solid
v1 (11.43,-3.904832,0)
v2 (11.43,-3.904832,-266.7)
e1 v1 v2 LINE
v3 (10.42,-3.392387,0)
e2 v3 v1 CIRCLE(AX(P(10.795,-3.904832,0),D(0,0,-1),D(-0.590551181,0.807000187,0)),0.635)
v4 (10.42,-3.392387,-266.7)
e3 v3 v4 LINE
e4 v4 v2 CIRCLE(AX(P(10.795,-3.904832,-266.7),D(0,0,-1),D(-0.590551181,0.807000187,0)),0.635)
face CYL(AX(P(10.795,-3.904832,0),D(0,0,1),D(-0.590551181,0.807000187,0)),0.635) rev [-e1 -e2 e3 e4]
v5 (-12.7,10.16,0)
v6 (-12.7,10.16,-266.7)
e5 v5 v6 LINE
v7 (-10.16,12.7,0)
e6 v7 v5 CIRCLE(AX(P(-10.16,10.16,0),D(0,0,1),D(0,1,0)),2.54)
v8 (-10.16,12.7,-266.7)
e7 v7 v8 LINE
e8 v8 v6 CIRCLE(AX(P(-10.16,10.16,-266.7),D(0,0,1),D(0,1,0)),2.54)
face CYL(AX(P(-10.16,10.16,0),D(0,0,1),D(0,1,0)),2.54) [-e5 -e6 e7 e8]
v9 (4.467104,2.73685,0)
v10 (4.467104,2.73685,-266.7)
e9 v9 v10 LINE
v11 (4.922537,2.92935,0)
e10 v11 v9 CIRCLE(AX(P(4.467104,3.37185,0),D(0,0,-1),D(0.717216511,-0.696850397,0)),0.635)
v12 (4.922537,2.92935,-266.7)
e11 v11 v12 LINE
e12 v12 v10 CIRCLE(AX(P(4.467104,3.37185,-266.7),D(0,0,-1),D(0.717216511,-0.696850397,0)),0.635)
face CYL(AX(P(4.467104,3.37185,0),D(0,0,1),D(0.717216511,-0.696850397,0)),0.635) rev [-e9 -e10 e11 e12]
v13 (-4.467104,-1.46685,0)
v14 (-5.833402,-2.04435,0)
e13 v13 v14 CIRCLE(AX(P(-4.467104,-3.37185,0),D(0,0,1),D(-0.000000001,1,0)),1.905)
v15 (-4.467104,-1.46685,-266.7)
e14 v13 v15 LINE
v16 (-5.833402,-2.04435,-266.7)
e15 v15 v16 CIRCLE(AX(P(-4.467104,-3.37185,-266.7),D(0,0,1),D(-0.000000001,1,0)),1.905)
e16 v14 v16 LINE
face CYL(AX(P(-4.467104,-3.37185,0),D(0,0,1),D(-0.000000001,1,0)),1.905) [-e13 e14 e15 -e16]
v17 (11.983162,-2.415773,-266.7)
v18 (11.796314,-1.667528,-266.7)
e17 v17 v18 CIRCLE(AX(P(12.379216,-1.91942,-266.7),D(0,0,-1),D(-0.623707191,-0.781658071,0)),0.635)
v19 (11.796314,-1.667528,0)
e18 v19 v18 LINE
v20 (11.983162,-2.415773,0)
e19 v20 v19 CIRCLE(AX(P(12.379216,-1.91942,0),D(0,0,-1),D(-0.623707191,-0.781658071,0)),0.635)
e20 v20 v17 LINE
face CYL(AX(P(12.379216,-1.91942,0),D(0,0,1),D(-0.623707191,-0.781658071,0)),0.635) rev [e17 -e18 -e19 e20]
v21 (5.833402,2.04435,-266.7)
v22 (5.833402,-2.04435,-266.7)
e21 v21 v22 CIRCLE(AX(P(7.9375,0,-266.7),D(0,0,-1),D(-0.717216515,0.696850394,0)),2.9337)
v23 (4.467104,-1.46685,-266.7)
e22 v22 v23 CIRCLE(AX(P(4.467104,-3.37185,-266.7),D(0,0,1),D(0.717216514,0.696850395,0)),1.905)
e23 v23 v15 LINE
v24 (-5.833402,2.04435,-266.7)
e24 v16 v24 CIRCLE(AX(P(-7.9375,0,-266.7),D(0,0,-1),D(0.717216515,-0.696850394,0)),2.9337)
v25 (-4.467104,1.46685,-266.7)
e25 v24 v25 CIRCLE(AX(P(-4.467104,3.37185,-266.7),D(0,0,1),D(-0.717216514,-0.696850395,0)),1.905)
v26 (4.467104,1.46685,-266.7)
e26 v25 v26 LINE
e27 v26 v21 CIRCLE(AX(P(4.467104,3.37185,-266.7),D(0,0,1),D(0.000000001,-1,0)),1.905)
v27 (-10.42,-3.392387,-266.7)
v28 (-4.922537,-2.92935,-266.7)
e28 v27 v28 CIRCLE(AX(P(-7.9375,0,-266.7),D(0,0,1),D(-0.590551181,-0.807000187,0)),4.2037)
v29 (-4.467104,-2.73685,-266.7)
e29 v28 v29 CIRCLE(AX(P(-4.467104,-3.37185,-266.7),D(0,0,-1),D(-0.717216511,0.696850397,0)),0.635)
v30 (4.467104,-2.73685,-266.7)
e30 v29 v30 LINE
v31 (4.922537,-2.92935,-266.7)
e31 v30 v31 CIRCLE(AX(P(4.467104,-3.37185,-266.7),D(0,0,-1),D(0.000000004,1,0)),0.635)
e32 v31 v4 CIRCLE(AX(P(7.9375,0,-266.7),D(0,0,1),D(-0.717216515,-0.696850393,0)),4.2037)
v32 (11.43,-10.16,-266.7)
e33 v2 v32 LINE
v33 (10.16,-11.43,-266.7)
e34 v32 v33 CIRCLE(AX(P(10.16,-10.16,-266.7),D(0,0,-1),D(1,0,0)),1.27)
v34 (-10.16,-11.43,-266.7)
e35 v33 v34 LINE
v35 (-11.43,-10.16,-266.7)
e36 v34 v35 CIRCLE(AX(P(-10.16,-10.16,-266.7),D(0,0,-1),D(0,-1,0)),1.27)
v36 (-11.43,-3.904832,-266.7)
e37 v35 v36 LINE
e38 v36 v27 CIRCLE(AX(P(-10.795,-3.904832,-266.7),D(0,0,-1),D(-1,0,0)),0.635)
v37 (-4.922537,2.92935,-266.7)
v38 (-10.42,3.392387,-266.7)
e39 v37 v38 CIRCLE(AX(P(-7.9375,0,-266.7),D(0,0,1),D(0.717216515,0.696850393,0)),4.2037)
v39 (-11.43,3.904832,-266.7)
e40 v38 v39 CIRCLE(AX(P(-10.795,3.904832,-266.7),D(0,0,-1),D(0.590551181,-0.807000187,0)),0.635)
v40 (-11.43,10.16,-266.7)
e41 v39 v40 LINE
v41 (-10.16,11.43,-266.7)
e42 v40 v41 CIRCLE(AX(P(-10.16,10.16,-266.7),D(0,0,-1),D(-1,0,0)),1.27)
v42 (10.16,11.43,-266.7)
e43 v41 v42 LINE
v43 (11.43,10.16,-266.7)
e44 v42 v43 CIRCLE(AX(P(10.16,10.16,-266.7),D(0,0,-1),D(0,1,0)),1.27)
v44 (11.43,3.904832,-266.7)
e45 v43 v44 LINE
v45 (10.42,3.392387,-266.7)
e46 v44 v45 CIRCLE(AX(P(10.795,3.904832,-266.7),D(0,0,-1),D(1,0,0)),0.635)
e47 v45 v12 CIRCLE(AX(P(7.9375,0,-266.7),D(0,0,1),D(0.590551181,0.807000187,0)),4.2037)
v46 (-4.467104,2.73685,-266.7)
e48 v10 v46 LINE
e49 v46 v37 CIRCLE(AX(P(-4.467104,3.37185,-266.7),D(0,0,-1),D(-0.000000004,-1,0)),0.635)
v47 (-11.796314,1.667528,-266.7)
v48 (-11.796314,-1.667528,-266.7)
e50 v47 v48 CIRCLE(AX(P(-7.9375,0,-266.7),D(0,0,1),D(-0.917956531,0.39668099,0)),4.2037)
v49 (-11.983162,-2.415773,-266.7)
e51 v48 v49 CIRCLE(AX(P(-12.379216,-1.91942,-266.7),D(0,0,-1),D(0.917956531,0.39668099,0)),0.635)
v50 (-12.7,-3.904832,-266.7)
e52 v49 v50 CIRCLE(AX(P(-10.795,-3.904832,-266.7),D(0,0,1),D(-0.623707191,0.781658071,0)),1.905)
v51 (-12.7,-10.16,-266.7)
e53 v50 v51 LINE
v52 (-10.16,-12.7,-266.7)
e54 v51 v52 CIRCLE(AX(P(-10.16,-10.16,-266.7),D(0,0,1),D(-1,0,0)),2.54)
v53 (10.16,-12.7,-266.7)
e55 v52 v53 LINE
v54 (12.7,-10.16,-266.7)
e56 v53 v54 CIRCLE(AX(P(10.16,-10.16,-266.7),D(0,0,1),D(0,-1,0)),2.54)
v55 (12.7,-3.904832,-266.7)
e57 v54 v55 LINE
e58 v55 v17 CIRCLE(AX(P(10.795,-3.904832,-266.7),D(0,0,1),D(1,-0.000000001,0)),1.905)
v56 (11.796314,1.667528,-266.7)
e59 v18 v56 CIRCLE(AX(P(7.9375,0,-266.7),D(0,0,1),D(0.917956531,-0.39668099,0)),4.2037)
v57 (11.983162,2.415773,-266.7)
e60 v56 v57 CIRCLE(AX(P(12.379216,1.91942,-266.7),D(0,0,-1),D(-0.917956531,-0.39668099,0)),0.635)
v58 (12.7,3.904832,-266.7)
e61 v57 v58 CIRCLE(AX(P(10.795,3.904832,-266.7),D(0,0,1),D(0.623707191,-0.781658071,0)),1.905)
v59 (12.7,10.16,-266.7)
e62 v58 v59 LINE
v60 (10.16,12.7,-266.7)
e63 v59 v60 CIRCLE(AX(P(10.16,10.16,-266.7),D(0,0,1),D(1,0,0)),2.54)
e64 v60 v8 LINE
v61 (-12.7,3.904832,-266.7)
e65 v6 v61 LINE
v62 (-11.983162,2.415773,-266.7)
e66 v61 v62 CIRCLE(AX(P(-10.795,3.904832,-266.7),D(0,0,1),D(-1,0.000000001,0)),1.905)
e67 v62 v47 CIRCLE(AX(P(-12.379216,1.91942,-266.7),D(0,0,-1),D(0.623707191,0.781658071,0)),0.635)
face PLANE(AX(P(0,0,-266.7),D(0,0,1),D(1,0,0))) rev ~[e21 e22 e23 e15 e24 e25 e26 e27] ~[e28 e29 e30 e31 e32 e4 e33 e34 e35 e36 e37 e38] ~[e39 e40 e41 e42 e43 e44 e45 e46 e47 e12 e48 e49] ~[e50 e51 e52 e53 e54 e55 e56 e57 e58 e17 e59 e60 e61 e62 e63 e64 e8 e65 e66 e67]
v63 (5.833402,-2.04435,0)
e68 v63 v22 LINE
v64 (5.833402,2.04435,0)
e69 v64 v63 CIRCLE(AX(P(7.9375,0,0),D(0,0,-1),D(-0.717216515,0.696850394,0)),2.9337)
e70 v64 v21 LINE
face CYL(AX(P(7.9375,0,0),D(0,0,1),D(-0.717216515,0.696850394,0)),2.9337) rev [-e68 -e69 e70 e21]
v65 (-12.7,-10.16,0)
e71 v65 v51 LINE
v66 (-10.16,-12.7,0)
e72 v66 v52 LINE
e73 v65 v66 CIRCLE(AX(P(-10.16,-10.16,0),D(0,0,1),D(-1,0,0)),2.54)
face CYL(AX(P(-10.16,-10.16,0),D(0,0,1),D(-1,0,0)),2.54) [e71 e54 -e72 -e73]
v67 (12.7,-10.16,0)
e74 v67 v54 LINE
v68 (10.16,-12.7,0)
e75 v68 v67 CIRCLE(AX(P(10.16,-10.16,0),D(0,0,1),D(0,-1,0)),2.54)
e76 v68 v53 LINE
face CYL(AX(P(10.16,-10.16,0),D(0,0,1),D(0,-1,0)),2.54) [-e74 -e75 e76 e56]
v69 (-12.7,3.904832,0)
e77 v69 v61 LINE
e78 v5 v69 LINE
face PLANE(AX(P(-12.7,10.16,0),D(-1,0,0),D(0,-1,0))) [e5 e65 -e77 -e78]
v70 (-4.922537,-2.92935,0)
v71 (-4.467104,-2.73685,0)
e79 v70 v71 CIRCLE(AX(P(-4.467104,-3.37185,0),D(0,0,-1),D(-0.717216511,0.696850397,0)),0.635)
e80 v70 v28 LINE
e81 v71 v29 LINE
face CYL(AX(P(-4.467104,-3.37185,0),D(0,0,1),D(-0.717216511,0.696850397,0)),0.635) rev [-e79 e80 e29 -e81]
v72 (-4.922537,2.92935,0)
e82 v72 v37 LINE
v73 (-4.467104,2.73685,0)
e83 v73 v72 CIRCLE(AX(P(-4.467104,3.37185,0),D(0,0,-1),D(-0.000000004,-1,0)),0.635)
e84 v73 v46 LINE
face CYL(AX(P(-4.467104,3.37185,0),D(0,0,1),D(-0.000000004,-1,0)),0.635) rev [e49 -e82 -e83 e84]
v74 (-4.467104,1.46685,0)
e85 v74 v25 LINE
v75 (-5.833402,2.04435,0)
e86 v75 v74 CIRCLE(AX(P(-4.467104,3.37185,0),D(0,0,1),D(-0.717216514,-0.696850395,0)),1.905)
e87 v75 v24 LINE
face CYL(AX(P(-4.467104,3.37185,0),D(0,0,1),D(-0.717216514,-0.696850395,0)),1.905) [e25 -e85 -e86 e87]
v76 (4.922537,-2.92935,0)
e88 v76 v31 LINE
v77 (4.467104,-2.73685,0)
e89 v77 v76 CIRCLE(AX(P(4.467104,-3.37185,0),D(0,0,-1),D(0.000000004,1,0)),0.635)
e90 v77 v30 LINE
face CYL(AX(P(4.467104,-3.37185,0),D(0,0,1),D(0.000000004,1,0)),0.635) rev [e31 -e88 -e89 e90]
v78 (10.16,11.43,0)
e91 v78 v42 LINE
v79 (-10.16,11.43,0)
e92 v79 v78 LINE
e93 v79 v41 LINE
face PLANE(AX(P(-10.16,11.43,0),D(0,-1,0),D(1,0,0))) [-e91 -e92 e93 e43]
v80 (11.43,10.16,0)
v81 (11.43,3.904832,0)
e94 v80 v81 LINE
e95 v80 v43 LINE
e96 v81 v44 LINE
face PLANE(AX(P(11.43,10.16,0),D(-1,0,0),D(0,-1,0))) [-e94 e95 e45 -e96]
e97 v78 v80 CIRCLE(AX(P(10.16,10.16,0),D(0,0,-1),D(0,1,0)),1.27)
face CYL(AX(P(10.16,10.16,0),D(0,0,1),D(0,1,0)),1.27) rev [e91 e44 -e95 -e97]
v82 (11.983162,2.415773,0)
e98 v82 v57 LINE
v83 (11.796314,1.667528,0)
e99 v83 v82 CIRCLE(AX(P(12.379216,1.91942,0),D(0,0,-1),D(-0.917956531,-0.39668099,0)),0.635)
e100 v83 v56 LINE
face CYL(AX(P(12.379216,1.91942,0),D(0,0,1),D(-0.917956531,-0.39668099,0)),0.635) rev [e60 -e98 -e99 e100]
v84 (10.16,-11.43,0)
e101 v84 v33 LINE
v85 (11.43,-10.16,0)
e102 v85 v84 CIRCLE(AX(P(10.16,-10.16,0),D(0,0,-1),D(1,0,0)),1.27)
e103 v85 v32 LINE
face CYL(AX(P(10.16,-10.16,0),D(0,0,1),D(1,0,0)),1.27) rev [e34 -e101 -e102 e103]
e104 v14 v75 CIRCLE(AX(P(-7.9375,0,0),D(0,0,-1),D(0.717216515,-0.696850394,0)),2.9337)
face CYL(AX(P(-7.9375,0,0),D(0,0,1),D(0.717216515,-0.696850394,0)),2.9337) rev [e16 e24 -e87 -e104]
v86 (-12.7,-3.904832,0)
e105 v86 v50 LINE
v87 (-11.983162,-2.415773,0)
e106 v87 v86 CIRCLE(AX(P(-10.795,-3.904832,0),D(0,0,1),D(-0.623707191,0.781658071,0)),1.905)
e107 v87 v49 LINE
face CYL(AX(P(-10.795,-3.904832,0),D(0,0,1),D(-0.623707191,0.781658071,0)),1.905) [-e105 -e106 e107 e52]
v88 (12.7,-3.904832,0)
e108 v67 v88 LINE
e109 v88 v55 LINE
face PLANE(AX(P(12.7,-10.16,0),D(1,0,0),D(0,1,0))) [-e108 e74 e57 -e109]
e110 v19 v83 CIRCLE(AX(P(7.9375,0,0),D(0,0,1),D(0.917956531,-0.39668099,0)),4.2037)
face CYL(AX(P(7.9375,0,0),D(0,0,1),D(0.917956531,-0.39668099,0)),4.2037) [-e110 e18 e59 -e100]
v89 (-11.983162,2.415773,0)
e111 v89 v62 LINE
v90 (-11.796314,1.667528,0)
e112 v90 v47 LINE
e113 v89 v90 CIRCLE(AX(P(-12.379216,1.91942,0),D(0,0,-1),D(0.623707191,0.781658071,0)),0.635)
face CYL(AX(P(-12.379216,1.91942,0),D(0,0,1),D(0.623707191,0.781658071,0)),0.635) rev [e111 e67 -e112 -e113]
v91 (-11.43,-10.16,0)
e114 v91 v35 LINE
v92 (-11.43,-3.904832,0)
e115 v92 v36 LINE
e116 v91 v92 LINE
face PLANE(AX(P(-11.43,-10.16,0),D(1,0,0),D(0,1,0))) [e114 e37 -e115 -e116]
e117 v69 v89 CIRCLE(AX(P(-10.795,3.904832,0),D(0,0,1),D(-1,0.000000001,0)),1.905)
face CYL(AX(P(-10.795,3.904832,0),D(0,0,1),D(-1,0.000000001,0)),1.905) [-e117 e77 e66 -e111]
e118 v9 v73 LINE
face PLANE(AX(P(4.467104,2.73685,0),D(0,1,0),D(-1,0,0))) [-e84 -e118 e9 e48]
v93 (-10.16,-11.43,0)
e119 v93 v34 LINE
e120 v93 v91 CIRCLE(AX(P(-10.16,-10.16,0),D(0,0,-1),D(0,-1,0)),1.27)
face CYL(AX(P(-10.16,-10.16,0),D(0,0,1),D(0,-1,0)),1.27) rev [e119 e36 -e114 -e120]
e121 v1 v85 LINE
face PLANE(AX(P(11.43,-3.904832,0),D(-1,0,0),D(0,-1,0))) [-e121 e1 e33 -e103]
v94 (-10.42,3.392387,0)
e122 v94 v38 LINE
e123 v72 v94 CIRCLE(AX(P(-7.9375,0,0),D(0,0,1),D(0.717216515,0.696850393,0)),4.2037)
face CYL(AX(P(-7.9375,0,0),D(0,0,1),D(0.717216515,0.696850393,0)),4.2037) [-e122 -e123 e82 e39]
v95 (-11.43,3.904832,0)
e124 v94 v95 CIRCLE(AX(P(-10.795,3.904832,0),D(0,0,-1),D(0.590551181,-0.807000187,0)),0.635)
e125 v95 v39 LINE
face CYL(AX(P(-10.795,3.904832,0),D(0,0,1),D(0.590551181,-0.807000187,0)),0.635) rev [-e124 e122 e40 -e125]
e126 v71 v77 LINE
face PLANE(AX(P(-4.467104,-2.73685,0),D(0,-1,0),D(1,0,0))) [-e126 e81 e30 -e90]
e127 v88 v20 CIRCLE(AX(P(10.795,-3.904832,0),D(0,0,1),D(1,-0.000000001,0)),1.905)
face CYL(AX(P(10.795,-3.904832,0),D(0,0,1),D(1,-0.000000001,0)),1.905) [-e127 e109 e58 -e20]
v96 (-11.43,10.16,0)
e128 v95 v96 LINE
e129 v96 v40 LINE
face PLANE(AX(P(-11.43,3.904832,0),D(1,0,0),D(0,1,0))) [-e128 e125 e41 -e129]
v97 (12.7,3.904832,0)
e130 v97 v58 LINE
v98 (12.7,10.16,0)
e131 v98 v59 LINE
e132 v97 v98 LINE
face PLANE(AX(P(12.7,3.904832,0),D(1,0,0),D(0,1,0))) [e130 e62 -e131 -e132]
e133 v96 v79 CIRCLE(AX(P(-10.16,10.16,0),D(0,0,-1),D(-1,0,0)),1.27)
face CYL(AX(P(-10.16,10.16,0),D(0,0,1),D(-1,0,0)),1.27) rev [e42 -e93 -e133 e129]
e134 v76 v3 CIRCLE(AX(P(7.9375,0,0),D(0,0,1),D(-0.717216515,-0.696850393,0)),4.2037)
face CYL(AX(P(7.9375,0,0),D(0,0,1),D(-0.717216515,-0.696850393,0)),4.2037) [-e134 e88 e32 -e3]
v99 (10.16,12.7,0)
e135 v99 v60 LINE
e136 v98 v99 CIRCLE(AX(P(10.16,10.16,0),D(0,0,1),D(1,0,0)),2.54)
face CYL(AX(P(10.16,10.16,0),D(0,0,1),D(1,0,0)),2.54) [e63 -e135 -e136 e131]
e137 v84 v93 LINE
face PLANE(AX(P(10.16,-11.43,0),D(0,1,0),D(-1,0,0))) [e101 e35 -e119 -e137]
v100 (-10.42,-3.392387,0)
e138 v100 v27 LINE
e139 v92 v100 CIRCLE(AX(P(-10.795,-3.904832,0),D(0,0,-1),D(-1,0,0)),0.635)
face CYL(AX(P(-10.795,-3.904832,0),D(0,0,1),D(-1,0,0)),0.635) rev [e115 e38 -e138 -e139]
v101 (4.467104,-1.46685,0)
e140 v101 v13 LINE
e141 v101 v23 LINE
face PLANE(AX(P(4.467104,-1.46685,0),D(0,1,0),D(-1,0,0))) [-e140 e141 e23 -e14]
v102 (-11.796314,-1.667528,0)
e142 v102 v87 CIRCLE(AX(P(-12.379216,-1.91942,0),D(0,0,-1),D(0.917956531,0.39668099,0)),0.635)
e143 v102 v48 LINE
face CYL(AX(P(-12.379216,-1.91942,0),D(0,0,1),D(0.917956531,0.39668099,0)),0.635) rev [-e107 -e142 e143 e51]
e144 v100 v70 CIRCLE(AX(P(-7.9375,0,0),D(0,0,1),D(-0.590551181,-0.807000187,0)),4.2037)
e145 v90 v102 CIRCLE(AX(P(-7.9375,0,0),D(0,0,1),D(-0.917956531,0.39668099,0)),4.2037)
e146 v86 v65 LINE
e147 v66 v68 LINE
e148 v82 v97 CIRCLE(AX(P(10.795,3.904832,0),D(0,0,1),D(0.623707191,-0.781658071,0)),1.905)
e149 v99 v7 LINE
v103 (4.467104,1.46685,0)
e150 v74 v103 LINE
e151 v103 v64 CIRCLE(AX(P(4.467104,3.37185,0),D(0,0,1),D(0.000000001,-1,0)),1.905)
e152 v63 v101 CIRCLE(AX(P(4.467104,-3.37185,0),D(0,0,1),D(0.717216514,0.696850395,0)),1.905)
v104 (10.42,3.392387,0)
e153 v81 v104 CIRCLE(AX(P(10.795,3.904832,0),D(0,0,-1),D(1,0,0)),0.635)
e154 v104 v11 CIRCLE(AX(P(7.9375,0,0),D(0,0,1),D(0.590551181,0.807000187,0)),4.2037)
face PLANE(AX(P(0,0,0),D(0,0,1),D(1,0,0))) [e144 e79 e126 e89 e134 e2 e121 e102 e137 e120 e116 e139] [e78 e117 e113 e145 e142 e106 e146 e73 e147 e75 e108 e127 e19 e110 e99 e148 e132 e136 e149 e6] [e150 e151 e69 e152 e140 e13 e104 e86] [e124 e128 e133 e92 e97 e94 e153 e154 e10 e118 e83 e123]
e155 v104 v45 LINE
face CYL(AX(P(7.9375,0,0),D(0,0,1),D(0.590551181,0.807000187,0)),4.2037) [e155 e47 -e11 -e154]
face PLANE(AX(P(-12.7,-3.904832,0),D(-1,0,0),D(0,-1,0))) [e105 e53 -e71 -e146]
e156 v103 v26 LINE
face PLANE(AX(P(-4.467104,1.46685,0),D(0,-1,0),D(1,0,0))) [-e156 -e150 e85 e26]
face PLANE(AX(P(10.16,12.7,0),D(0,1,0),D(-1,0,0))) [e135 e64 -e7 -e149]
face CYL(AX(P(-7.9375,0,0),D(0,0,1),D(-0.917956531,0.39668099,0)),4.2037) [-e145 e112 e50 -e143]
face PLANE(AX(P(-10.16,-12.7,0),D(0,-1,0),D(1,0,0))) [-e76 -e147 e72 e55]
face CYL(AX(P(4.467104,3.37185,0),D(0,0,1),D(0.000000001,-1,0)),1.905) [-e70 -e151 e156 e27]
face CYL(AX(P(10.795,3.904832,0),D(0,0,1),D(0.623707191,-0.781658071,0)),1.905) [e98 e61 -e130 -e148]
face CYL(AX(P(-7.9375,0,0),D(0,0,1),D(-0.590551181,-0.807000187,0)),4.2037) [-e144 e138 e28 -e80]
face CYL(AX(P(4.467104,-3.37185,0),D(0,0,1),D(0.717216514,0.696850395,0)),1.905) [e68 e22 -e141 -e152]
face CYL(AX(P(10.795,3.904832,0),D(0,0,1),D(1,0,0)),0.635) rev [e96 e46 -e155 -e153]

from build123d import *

# Parameters (mm, degrees)
BOSS_EXTRUDE1_DEPTH = 266.7


with BuildPart() as part:
    # Sketch1 → Boss-Extrude1 (new body)
    with BuildSketch(Plane.XY):
        with BuildLine():
            Line((12.7, 3.904831807), (12.7, 10.16))
            ThreePointArc((12.7, 10.16), (11.956051224, 11.956051224), (10.16, 12.7))
            Line((10.16, 12.7), (-10.16, 12.7))
            ThreePointArc((-10.16, 12.7), (-11.956051224, 11.956051224), (-12.7, 10.16))
            Line((-12.7, 10.16), (-12.7, 3.904831807))
            ThreePointArc((-12.7, 3.904831807), (-12.511460601, 3.078521934), (-11.983162199, 2.415773182))
            ThreePointArc((-11.983162199, 2.415773182), (-11.763134535, 2.073265365), (-11.796313868, 1.667527878))
            ThreePointArc((-11.796313868, 1.667527878), (-12.1412, 0), (-11.796313868, -1.667527878))
            ThreePointArc((-11.796313868, -1.667527878), (-11.763134535, -2.073265365), (-11.983162199, -2.415773182))
            ThreePointArc((-11.983162199, -2.415773182), (-12.511460601, -3.078521934), (-12.7, -3.904831807))
            Line((-12.7, -3.904831807), (-12.7, -10.16))
            ThreePointArc((-12.7, -10.16), (-11.956051224, -11.956051224), (-10.16, -12.7))
            Line((-10.16, -12.7), (10.16, -12.7))
            ThreePointArc((10.16, -12.7), (11.956051224, -11.956051224), (12.7, -10.16))
            Line((12.7, -10.16), (12.7, -3.904831807))
            ThreePointArc((12.7, -3.904831807), (12.511460601, -3.078521934), (11.983162199, -2.415773182))
            ThreePointArc((11.983162199, -2.415773182), (11.763134535, -2.073265365), (11.796313868, -1.667527878))
            ThreePointArc((11.796313868, -1.667527878), (12.1412, 0), (11.796313868, 1.667527878))
            ThreePointArc((11.796313868, 1.667527878), (11.763134535, 2.073265365), (11.983162199, 2.415773182))
            ThreePointArc((11.983162199, 2.415773182), (12.511460601, 3.078521934), (12.7, 3.904831807))
        make_face()
        with BuildLine():
            Line((4.467104451, -1.46685), (-4.467104451, -1.46685))
            ThreePointArc((-4.467104451, -1.46685), (-5.208770649, -1.617154514), (-5.833401911, -2.04435))
            ThreePointArc((-5.833401911, -2.04435), (-10.8712, 0), (-5.833401911, 2.04435))
            ThreePointArc((-5.833401911, 2.04435), (-5.208770649, 1.617154514), (-4.467104451, 1.46685))
            Line((-4.467104451, 1.46685), (4.467104451, 1.46685))
            ThreePointArc((4.467104451, 1.46685), (5.208770649, 1.617154514), (5.833401911, 2.04435))
            ThreePointArc((5.833401911, 2.04435), (10.8712, 0), (5.833401911, -2.04435))
            ThreePointArc((5.833401911, -2.04435), (5.208770649, -1.617154514), (4.467104451, -1.46685))
        make_face(mode=Mode.SUBTRACT)
        with BuildLine():
            Line((11.43, 10.16), (11.43, 3.904831807))
            ThreePointArc((11.43, 3.904831807), (11.082315158, 3.338550075), (10.42, 3.392386688))
            ThreePointArc((10.42, 3.392386688), (7.584682807, 4.188867833), (4.922536938, 2.92935))
            ThreePointArc((4.922536938, 2.92935), (4.714326517, 2.786951505), (4.467104451, 2.73685))
            Line((4.467104451, 2.73685), (-4.467104451, 2.73685))
            ThreePointArc((-4.467104451, 2.73685), (-4.714326517, 2.786951505), (-4.922536938, 2.92935))
            ThreePointArc((-4.922536938, 2.92935), (-7.584682807, 4.188867833), (-10.42, 3.392386688))
            ThreePointArc((-10.42, 3.392386688), (-11.082315158, 3.338550075), (-11.43, 3.904831807))
            Line((-11.43, 3.904831807), (-11.43, 10.16))
            ThreePointArc((-11.43, 10.16), (-11.058025612, 11.058025612), (-10.16, 11.43))
            Line((-10.16, 11.43), (10.16, 11.43))
            ThreePointArc((10.16, 11.43), (11.058025612, 11.058025612), (11.43, 10.16))
        make_face(mode=Mode.SUBTRACT)
        with BuildLine():
            Line((11.43, -3.904831807), (11.43, -10.16))
            ThreePointArc((11.43, -10.16), (11.058025612, -11.058025612), (10.16, -11.43))
            Line((10.16, -11.43), (-10.16, -11.43))
            ThreePointArc((-10.16, -11.43), (-11.058025612, -11.058025612), (-11.43, -10.16))
            Line((-11.43, -10.16), (-11.43, -3.904831807))
            ThreePointArc((-11.43, -3.904831807), (-11.082315158, -3.338550075), (-10.42, -3.392386688))
            ThreePointArc((-10.42, -3.392386688), (-7.584682807, -4.188867833), (-4.922536938, -2.92935))
            ThreePointArc((-4.922536938, -2.92935), (-4.714326517, -2.786951505), (-4.467104451, -2.73685))
            Line((-4.467104451, -2.73685), (4.467104451, -2.73685))
            ThreePointArc((4.467104451, -2.73685), (4.714326517, -2.786951505), (4.922536938, -2.92935))
            ThreePointArc((4.922536938, -2.92935), (7.584682807, -4.188867833), (10.42, -3.392386688))
            ThreePointArc((10.42, -3.392386688), (11.082315158, -3.338550075), (11.43, -3.904831807))
        make_face(mode=Mode.SUBTRACT)
    extrude(amount=-BOSS_EXTRUDE1_DEPTH)


solid = part.part
